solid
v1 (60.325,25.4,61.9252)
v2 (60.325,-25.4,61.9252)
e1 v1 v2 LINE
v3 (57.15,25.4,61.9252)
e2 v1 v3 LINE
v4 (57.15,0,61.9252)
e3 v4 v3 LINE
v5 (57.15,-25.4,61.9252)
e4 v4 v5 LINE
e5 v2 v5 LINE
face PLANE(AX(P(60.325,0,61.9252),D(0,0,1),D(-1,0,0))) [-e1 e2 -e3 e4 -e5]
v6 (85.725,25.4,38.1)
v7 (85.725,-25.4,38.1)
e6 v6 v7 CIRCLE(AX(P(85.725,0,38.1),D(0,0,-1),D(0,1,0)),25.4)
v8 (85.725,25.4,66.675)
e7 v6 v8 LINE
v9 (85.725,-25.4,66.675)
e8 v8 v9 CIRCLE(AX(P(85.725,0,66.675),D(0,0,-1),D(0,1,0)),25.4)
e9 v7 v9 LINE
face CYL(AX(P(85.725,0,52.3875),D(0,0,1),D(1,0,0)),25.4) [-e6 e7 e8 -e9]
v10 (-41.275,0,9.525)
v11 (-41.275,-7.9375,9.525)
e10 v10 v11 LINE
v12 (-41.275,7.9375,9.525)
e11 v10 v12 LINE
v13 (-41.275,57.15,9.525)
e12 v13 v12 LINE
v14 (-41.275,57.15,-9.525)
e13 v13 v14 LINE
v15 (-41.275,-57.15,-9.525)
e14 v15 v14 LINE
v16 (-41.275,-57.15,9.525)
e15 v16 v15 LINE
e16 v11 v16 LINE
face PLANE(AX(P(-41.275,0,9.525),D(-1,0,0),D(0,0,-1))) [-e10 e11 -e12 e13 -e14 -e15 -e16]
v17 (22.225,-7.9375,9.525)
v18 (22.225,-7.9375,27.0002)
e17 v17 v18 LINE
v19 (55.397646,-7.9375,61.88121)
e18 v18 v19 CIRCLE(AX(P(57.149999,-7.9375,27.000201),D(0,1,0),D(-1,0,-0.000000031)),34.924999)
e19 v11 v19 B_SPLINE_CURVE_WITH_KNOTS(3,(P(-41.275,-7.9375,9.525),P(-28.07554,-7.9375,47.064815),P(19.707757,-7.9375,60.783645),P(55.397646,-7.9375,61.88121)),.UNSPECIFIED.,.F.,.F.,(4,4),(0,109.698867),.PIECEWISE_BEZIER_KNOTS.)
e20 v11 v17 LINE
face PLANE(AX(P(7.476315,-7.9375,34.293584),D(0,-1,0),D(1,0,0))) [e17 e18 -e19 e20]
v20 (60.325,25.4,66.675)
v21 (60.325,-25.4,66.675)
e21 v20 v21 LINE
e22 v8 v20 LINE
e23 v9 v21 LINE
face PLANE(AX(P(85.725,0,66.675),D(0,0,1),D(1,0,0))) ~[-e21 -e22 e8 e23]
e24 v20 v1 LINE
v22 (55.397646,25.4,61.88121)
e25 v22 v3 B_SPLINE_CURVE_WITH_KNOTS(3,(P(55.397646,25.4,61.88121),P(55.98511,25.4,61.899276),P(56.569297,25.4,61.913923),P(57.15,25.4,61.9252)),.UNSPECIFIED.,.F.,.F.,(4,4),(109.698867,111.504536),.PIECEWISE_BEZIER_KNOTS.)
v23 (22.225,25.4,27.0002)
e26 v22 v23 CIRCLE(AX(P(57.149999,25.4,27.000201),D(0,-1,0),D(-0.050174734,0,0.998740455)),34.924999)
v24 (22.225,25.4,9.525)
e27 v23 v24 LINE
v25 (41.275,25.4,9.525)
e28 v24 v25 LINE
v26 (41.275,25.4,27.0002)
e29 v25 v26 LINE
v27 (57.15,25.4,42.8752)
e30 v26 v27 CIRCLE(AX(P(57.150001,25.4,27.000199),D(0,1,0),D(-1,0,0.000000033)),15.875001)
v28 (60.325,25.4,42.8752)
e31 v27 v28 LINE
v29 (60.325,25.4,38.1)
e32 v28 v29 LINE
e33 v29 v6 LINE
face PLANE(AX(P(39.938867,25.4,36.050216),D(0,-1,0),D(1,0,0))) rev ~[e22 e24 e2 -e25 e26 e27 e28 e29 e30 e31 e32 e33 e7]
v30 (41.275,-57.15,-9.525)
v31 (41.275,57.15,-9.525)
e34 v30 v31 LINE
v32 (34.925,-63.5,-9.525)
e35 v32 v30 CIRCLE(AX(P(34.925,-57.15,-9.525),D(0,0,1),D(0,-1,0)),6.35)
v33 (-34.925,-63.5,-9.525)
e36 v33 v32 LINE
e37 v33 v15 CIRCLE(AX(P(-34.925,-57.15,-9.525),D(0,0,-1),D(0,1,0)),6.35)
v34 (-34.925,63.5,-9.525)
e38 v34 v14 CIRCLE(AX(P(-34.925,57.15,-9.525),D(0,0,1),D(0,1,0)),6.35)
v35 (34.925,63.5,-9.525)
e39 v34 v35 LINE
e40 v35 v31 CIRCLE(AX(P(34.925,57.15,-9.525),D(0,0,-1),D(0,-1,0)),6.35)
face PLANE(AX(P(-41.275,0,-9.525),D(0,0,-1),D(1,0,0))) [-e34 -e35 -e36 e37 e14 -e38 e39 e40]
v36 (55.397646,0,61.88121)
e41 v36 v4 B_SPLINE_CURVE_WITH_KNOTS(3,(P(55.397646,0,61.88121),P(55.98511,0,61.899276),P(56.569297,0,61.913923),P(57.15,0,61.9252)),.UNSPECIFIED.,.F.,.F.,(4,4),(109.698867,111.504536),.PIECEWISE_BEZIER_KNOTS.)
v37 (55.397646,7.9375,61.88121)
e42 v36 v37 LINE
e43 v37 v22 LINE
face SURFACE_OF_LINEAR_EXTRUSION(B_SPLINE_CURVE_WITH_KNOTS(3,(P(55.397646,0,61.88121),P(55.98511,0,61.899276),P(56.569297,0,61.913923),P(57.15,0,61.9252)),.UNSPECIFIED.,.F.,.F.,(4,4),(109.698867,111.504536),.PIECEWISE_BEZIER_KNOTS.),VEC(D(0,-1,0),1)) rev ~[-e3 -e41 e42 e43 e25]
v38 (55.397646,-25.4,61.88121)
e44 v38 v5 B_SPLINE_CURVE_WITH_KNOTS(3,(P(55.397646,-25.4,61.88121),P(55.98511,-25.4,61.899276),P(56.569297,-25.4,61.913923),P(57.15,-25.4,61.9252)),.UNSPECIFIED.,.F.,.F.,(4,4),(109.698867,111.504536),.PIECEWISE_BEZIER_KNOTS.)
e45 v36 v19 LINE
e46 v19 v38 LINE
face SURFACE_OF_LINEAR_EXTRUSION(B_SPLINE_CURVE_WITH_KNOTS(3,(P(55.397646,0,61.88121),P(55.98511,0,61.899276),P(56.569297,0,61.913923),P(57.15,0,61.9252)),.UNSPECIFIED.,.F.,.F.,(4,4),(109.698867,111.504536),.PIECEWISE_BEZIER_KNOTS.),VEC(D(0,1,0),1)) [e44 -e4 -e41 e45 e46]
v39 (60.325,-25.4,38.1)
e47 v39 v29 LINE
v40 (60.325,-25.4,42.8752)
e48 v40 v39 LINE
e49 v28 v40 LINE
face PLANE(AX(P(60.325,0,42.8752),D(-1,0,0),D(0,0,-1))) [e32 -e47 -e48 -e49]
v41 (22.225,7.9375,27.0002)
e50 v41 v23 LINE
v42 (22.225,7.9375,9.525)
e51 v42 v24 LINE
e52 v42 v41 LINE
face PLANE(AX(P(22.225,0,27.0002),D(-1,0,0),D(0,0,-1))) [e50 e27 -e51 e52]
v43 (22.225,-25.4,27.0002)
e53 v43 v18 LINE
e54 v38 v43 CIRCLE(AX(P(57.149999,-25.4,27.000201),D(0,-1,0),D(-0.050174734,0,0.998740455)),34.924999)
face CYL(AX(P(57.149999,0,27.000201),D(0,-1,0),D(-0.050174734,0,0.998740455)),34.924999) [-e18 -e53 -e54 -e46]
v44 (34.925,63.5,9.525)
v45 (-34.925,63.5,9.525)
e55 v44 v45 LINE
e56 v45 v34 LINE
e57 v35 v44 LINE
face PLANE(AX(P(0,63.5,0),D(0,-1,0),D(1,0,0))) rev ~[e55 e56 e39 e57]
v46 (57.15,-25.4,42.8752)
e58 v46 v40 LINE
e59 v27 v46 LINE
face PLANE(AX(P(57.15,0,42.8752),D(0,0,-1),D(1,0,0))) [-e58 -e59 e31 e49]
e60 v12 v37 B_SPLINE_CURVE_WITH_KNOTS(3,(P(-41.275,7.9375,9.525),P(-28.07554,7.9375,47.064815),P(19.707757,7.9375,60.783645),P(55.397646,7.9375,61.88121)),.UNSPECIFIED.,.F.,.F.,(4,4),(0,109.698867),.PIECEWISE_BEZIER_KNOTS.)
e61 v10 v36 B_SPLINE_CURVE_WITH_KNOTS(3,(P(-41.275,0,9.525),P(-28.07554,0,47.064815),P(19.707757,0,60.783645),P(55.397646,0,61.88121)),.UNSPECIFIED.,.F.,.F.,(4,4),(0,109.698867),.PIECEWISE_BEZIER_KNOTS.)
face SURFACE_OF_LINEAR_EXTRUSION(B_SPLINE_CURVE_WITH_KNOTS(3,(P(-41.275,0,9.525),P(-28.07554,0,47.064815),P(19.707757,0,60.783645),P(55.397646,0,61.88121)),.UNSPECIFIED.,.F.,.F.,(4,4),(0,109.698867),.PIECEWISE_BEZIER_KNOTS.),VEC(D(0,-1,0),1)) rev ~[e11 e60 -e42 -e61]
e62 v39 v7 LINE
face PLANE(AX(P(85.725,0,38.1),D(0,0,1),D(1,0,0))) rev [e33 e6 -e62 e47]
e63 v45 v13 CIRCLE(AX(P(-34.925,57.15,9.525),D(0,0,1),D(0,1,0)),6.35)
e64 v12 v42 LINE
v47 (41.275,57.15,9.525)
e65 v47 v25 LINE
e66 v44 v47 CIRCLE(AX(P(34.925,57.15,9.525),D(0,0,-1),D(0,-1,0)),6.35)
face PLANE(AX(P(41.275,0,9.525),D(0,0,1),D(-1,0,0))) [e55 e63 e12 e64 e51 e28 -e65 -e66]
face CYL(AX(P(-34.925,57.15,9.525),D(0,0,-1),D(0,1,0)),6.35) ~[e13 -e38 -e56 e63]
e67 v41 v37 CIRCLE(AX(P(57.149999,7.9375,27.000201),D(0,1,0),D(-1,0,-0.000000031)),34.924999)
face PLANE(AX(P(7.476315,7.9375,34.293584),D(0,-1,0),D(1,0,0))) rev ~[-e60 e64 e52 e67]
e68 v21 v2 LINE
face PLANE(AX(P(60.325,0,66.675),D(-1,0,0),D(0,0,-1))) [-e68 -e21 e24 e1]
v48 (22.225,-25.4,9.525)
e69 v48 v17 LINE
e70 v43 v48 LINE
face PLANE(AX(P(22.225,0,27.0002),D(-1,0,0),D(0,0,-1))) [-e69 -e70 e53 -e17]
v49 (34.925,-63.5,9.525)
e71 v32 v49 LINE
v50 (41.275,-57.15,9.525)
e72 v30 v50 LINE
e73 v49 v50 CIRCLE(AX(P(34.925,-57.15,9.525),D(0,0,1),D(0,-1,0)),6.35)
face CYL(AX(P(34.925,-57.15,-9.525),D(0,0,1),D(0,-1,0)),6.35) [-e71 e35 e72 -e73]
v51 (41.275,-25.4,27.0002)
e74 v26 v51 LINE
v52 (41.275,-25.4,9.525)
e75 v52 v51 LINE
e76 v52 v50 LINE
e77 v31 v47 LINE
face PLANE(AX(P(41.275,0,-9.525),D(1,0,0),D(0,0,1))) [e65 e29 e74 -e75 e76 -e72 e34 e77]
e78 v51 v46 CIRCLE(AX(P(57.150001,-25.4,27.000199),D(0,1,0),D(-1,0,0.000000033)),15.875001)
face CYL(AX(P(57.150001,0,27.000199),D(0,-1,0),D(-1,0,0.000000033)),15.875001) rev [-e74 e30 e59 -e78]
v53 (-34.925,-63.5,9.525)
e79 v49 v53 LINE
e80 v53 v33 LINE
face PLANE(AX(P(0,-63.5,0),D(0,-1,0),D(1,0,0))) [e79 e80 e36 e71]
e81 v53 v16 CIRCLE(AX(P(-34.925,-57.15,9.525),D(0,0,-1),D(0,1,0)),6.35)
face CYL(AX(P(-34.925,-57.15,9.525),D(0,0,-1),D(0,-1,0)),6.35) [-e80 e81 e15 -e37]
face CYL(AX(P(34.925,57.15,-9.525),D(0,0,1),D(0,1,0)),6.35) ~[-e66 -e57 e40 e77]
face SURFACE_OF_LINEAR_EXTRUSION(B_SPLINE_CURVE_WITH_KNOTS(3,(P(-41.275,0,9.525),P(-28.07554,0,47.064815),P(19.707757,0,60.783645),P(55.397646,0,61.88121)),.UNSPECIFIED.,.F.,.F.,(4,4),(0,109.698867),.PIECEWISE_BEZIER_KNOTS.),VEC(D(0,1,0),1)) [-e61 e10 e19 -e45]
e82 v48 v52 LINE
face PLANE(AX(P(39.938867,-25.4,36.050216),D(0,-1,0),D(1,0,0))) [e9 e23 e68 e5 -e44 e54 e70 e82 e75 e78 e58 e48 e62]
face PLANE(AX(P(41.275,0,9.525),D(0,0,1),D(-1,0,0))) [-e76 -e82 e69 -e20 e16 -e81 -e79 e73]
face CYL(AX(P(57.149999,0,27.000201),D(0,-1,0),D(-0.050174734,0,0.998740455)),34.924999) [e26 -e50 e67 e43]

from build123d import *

# Parameters (mm, degrees)
F1_DEPTH = 63.5
F2_DEPTH = 25.4
F3_DEPTH = 7.9375
F0_W     = 25.4
F0_H     = 28.575
F5_R     = 6.35


with BuildPart() as f1:
    # F0 (on Front) → F1 (new body, symmetric)
    with BuildSketch(Plane.XZ):
        Polygon((41.275, -9.525), (41.275, 9.525), (22.225, 9.525), (-41.275, 9.525), (-41.275, -9.525), align=None)
    extrude(amount=F1_DEPTH, both=True)

    # F0 (on Front) → F2 (join, symmetric)
    with BuildSketch(Plane.XZ):
        with BuildLine():
            Line((22.225, 9.525), (41.275, 9.525))
            Line((41.275, 9.525), (41.275, 27.0002))
            ThreePointArc((41.275, 27.0002), (45.92468, 38.22552), (57.15, 42.8752))
            Line((57.15, 42.8752), (60.325, 42.8752))
            Line((60.325, 42.8752), (60.325, 61.9252))
            Line((60.325, 61.9252), (57.15, 61.9252))
            add(Edge.make_bspline(
                [(55.397646, 61.88121), (55.98511, 61.899276), (56.569297, 61.913923), (57.15, 61.9252)],
                knots=[109.698867, 109.698867, 109.698867, 109.698867, 111.504536, 111.504536, 111.504536, 111.504536], degree=3))
            ThreePointArc((55.397646, 61.88121), (31.842327, 51.068381), (22.225, 27.0002))
            Line((22.225, 27.0002), (22.225, 9.525))
        make_face()
        Polygon((60.325, 61.9252), (60.325, 42.8752), (60.325, 38.1), (85.725, 38.1), (85.725, 66.675), (60.325, 66.675), align=None)
    extrude(amount=F2_DEPTH, both=True)

    # F0 (on Front) → F3 (join, symmetric)
    with BuildSketch(Plane.XZ):
        with BuildLine():
            Line((-41.275, 9.525), (22.225, 9.525))
            Line((22.225, 9.525), (22.225, 27.0002))
            ThreePointArc((22.225, 27.0002), (31.842327, 51.068381), (55.397646, 61.88121))
            add(Edge.make_bspline(
                [(-41.275, 9.525), (-28.07554, 47.064815), (19.707757, 60.783645), (55.397646, 61.88121)],
                knots=[0, 0, 0, 0, 109.698867, 109.698867, 109.698867, 109.698867], degree=3))
        make_face()
    extrude(amount=F3_DEPTH, both=True)

    # F0 (on Front) → F4 (revolve)
    with BuildSketch(Plane.XZ):
        with Locations((98.425, 52.3875)):
            Rectangle(F0_W, F0_H)
    revolve(axis=Axis((85.725, 0, 52.3875), (0, 0, 1)))

    # F5
    f5_edges = [f1.edges().sort_by_distance(p)[0] for p in [
        (-41.275, -63.5, 0),
        (41.275, -63.5, 0),
        (41.275, 63.5, 0),
        (-41.275, 63.5, 0),
    ]]
    fillet(f5_edges, radius=F5_R)


solid = f1.part
